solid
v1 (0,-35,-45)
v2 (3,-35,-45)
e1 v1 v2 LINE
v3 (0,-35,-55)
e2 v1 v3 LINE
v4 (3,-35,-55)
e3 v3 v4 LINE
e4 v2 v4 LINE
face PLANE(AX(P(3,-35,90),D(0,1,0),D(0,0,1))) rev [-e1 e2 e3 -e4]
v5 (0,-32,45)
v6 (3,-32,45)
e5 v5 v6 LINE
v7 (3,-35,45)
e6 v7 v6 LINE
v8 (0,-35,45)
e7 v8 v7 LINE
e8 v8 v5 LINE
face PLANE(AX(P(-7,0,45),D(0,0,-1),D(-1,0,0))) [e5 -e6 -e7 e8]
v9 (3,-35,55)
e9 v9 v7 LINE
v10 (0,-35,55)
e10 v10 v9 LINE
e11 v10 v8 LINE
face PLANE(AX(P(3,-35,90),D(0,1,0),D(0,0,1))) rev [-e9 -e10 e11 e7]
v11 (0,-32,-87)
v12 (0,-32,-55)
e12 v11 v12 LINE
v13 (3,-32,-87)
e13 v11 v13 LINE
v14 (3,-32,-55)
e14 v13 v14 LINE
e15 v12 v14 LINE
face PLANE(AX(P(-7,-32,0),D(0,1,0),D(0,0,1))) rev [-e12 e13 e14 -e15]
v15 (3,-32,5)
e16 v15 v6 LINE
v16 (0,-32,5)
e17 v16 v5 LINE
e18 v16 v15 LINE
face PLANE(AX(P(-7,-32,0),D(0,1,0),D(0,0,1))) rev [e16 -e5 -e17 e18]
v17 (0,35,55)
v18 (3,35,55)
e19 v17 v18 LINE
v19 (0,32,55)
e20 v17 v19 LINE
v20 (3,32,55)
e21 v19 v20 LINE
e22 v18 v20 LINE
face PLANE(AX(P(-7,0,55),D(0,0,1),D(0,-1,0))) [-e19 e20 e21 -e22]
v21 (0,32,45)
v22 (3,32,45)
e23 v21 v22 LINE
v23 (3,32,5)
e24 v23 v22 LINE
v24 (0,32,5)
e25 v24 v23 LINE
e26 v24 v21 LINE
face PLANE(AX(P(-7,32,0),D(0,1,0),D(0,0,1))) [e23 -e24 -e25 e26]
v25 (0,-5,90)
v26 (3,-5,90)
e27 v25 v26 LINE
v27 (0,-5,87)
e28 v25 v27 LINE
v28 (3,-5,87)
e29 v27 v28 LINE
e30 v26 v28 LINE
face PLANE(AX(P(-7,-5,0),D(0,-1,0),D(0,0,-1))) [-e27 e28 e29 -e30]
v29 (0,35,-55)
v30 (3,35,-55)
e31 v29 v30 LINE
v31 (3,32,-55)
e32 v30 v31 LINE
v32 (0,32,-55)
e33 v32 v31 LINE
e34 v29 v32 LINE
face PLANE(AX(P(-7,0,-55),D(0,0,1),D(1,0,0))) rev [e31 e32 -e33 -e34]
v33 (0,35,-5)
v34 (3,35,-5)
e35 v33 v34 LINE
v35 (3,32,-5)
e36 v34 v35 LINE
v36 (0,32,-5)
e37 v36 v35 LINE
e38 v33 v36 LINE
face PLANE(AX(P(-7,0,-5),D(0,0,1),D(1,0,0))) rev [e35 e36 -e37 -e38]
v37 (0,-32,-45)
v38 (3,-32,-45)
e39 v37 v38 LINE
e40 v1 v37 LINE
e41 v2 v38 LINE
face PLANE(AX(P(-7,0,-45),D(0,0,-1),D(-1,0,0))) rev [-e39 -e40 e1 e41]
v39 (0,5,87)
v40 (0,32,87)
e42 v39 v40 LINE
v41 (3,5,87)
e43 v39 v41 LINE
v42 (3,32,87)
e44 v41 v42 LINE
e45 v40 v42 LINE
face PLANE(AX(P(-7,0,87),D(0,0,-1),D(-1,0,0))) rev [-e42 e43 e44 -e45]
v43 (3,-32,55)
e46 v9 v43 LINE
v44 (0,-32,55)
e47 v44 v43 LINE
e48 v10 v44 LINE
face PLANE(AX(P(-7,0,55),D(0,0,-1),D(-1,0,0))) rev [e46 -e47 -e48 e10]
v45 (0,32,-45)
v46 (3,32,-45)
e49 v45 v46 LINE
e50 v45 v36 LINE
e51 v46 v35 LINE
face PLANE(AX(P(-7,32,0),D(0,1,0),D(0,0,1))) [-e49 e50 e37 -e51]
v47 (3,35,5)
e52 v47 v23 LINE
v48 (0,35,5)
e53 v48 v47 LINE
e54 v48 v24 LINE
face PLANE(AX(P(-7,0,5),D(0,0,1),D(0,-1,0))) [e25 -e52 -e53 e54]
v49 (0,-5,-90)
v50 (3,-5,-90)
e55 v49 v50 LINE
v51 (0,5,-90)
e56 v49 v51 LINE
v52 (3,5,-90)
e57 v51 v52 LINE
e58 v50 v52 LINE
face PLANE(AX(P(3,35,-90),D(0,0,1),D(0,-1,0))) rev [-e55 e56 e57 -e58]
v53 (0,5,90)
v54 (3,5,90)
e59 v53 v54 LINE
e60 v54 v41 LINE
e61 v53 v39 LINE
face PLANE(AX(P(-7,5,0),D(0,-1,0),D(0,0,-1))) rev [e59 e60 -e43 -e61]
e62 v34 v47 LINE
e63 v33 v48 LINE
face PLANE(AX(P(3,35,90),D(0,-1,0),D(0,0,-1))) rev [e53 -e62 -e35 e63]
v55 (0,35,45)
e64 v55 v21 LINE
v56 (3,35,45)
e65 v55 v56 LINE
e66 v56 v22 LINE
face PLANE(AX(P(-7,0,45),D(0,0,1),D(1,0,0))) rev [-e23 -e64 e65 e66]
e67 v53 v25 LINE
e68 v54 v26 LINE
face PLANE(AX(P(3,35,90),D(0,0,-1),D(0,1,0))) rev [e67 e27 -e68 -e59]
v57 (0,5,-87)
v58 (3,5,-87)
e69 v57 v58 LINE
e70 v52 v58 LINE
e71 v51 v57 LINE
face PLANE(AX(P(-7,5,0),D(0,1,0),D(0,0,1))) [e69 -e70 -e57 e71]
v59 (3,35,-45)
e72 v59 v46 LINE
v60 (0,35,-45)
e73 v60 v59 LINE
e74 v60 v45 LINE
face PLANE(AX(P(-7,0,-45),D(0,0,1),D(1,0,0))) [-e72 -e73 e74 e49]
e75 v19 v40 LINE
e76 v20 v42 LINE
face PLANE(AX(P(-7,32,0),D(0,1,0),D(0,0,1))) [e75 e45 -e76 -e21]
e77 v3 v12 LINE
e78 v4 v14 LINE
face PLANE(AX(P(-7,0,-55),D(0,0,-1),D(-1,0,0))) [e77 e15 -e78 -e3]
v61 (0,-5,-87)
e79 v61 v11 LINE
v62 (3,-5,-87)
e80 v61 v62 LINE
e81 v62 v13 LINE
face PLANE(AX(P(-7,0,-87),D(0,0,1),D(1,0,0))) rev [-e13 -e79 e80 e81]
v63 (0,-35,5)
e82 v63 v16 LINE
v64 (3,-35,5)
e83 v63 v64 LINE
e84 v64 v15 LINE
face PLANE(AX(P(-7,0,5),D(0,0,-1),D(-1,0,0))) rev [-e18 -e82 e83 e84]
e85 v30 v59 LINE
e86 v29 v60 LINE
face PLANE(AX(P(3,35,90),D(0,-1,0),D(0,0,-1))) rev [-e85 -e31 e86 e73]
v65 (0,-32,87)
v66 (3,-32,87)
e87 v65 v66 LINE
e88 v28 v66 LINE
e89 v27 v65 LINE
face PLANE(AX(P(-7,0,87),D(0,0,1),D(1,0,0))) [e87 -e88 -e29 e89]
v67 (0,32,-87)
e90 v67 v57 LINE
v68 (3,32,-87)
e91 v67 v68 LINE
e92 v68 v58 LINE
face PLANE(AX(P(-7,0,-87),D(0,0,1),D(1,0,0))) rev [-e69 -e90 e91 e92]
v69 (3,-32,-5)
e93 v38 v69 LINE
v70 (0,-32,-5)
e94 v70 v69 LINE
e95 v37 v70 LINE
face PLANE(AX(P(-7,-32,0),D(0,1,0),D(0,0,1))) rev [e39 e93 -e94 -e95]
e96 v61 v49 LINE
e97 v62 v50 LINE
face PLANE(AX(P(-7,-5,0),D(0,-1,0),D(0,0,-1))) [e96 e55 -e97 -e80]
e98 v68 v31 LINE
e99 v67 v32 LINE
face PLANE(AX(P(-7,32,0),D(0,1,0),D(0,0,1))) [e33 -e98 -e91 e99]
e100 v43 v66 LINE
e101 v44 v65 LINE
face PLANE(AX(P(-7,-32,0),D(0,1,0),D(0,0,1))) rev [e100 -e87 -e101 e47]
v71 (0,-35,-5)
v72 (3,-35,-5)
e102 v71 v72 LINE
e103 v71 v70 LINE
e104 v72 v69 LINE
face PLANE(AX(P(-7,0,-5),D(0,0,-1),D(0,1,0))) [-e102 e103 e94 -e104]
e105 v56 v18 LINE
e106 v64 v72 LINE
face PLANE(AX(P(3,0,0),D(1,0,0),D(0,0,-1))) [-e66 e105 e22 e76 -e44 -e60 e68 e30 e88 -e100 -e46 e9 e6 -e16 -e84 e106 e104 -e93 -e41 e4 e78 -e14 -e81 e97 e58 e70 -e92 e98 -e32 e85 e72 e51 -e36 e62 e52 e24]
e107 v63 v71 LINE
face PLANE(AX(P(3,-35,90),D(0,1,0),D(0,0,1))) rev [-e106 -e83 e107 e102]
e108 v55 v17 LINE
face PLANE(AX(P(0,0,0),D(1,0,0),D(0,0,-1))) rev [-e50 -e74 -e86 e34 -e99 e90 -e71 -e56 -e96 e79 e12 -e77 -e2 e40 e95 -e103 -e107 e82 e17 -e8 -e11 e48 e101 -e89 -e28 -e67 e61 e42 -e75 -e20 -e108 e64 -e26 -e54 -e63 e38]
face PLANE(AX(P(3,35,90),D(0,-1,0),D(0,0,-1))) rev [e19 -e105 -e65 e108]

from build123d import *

# Parameters (mm, degrees)
SKETCH1_W           = 180
SKETCH1_H           = 70
BOSS_EXTRUDE1_DEPTH = 3
SKETCH2_W           = 3
SKETCH2_H           = 27
SKETCH2_W_2         = 40
SKETCH2_H_2         = 3
CUT_EXTRUDE6_DEPTH  = 10


with BuildPart() as part:
    # Sketch1 → Boss-Extrude1 (new body)
    with BuildSketch(Plane(origin=(0, 0, 0), x_dir=(0, 0, -1), z_dir=(1, 0, 0))):
        Rectangle(SKETCH1_W, SKETCH1_H)
    extrude(amount=BOSS_EXTRUDE1_DEPTH)

    # Sketch2 → Cut-Extrude6 (cut)
    with BuildSketch(Plane(origin=(3, 0, 0), x_dir=(0, 0, -1), z_dir=(1, 0, 0))):
        Polygon((90, -32), (87, -32), (55, -32), (55, -35), (90, -35), align=None)
        with Locations((88.5, -18.5)):
            Rectangle(SKETCH2_W, SKETCH2_H)
        with Locations((25, -33.5)):
            Rectangle(SKETCH2_W_2, SKETCH2_H_2)
        with Locations((-25, -33.5)):
            Rectangle(SKETCH2_W_2, SKETCH2_H_2)
        Polygon((-55, -32), (-87, -32), (-90, -32), (-90, -35), (-55, -35), align=None)
        with Locations((-88.5, -18.5)):
            Rectangle(SKETCH2_W, SKETCH2_H)
        with Locations((-88.5, 18.5)):
            Rectangle(SKETCH2_W, SKETCH2_H)
        Polygon((-87, 32), (-55, 32), (-55, 35), (-90, 35), (-90, 32), align=None)
        with Locations((-25, 33.5)):
            Rectangle(SKETCH2_W_2, SKETCH2_H_2)
        with Locations((25, 33.5)):
            Rectangle(SKETCH2_W_2, SKETCH2_H_2)
        Polygon((55, 32), (87, 32), (90, 32), (90, 35), (55, 35), align=None)
        with Locations((88.5, 18.5)):
            Rectangle(SKETCH2_W, SKETCH2_H)
    extrude(amount=-CUT_EXTRUDE6_DEPTH, mode=Mode.SUBTRACT)


solid = part.part
